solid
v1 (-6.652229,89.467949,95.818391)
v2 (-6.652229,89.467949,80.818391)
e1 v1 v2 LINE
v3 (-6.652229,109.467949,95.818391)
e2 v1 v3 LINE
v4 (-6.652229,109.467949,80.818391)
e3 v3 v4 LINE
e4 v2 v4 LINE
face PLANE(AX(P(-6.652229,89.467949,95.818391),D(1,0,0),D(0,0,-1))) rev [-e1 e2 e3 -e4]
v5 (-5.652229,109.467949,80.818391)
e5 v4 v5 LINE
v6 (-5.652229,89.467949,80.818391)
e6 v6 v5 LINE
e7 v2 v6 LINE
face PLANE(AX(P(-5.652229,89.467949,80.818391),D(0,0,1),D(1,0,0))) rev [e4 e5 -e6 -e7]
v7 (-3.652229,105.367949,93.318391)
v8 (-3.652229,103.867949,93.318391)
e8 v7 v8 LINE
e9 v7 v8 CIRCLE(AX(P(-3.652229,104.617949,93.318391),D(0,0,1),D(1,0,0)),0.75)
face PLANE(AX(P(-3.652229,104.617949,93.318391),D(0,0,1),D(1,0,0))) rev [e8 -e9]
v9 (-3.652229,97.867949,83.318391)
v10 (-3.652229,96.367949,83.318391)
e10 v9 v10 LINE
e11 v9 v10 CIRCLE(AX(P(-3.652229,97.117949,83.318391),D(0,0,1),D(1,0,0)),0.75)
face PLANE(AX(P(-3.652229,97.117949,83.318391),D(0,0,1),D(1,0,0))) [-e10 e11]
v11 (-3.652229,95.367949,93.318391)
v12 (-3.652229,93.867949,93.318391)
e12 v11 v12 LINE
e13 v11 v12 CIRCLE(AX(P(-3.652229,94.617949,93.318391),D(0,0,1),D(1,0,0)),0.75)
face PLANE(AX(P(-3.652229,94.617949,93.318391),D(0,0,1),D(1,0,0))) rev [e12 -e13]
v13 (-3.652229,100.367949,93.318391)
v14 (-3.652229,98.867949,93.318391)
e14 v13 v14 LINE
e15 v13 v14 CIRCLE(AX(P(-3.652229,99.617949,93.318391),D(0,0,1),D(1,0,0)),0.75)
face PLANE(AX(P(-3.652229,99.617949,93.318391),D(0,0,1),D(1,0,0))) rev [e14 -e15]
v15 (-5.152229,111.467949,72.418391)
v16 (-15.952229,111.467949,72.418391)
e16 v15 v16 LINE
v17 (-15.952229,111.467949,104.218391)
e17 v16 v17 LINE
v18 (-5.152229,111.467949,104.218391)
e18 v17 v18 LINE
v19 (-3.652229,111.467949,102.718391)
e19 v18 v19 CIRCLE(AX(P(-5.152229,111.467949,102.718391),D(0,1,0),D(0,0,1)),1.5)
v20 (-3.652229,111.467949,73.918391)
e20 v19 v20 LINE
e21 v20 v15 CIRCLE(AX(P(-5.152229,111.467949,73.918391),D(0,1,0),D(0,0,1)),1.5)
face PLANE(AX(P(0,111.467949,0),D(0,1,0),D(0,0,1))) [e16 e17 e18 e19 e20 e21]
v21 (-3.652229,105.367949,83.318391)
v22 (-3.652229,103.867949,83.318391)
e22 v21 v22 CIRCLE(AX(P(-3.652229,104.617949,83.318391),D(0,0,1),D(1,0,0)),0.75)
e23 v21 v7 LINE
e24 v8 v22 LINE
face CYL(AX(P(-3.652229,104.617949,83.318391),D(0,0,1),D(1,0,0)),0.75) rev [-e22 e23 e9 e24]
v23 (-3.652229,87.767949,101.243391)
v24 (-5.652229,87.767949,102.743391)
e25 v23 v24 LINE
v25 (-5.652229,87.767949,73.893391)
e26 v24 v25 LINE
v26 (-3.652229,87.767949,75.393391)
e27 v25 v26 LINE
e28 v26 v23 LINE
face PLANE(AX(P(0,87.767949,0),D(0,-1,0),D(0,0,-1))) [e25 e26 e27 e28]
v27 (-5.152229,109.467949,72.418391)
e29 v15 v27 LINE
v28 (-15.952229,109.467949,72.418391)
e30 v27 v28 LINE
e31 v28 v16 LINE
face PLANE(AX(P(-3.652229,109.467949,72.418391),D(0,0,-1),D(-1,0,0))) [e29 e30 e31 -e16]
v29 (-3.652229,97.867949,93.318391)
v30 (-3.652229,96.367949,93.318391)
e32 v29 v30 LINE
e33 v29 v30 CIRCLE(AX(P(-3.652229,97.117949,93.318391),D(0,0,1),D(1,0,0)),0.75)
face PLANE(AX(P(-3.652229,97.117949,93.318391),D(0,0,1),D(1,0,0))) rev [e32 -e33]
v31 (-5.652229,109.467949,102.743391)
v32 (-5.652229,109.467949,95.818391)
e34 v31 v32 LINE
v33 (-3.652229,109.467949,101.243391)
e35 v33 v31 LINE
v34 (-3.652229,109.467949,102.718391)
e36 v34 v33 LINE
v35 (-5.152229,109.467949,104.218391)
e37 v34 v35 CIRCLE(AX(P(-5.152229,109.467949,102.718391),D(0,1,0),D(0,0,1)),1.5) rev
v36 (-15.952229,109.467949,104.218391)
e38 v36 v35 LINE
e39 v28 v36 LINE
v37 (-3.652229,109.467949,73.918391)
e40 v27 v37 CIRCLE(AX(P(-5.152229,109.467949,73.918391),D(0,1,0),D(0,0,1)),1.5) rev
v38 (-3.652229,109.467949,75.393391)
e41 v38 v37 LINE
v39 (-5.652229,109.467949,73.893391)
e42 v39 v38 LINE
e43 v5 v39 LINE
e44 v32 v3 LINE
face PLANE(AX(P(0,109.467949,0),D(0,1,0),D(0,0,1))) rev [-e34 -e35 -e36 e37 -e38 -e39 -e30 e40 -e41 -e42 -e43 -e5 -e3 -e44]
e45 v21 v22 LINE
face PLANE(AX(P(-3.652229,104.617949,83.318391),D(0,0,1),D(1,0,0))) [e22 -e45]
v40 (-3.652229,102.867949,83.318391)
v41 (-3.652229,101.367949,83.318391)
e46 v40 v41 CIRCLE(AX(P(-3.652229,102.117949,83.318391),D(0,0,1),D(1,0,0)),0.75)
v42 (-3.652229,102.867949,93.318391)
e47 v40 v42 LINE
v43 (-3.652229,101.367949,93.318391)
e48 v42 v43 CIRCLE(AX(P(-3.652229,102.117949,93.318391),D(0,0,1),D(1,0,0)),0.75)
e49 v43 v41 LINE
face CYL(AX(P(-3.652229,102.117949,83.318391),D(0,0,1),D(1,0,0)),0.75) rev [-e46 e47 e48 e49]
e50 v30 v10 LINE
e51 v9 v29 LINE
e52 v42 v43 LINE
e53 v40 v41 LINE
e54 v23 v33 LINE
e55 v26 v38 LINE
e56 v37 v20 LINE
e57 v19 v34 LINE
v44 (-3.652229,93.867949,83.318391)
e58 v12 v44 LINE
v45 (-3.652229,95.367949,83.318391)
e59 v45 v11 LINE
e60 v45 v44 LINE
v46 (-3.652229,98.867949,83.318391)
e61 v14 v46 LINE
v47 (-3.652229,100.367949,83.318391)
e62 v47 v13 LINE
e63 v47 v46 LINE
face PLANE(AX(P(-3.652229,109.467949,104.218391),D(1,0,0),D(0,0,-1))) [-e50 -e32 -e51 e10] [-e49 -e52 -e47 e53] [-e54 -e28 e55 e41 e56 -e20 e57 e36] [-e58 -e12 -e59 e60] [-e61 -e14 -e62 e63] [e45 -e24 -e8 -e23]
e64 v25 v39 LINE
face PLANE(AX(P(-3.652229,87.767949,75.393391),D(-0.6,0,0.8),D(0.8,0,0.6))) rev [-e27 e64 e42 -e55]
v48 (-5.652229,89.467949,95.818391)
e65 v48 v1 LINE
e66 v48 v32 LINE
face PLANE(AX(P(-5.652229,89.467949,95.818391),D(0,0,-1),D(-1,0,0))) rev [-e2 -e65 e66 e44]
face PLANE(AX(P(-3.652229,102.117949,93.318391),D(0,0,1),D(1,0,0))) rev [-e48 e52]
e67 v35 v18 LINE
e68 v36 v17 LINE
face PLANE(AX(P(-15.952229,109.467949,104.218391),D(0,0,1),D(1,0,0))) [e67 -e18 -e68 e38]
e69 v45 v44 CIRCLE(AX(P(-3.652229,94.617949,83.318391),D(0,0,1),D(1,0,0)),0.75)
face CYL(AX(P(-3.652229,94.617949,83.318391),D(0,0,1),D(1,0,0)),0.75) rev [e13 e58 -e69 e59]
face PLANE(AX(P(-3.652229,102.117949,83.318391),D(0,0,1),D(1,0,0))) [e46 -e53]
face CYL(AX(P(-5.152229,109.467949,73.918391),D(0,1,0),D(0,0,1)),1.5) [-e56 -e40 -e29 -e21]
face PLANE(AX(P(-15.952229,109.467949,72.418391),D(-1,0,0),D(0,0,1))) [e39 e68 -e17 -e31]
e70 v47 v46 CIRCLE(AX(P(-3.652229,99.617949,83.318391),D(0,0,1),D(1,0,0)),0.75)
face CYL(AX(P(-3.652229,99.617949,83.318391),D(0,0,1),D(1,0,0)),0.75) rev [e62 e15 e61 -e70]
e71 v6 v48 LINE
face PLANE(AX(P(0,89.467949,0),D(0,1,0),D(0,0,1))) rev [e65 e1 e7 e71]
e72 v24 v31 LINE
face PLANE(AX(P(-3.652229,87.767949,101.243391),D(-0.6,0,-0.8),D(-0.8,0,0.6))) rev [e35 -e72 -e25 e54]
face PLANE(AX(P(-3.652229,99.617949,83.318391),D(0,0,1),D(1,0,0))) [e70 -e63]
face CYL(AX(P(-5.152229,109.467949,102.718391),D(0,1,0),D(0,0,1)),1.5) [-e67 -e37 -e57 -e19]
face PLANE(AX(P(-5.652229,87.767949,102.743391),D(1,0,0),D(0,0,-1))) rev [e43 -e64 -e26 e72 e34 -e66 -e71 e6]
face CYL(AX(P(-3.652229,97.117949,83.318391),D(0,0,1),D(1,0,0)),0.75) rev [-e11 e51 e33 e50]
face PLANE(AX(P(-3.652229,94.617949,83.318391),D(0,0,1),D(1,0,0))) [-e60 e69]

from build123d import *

# Parameters (mm, degrees)
CROQUIS1_W              = 12.3
CROQUIS1_H              = 31.8
SALIENTE_EXTRUIR1_DEPTH = 2
SALIENTE_EXTRUIR2_DEPTH = 21.7
CROQUIS5_W              = 1
CROQUIS5_H              = 15
SALIENTE_EXTRUIR4_DEPTH = 20
CROQUIS4_R              = 0.75
CORTAR_EXTRUIR1_DEPTH   = 5
REDONDEO1_R             = 1.5


with BuildPart() as part:
    # Croquis1 → Saliente-Extruir1 (new body)
    with BuildSketch(Plane(origin=(0, 111.467949425, 0), x_dir=(1, 0, 0), z_dir=(0, 1, 0))):
        with Locations((-9.802229413, -88.318391236)):
            Rectangle(CROQUIS1_W, CROQUIS1_H)
    extrude(amount=-SALIENTE_EXTRUIR1_DEPTH)

    # Croquis2 → Saliente-Extruir2 (add)
    with BuildSketch(Plane.XZ.offset(-109.467949425)):
        Polygon((-3.652229413, 101.243391236), (-5.652229413, 102.743391236), (-5.652229413, 73.893391236), (-3.652229413, 75.393391236), align=None)
    extrude(amount=SALIENTE_EXTRUIR2_DEPTH)

    # Croquis5 → Saliente-Extruir4 (add)
    with BuildSketch(Plane.XZ.offset(-109.467949425)):
        with Locations((-6.152229413, 88.318391236)):
            Rectangle(CROQUIS5_W, CROQUIS5_H)
    extrude(amount=SALIENTE_EXTRUIR4_DEPTH)

    # Croquis4 → Cortar-Extruir1 (cut, symmetric)
    with BuildSketch(Plane(origin=(0, 0, 88.318391236), x_dir=(0, -1, 0), z_dir=(0, 0, 1))):
        with Locations((-104.617949425, -3.652229413)):
            Circle(CROQUIS4_R)
        with Locations((-102.117949425, -3.652229413)):
            Circle(CROQUIS4_R)
        with Locations((-99.617949425, -3.652229413)):
            Circle(CROQUIS4_R)
        with Locations((-97.117949425, -3.652229413)):
            Circle(CROQUIS4_R)
        with Locations((-94.617949425, -3.652229413)):
            Circle(CROQUIS4_R)
    extrude(amount=CORTAR_EXTRUIR1_DEPTH, both=True, mode=Mode.SUBTRACT)

    # Redondeo1
    redondeo1_edges = [part.edges().sort_by_distance(p)[0] for p in [
        (-3.652229413, 110.467949425, 72.418391236),
        (-3.652229413, 110.467949425, 104.218391236),
    ]]
    fillet(redondeo1_edges, radius=REDONDEO1_R)


solid = part.part
